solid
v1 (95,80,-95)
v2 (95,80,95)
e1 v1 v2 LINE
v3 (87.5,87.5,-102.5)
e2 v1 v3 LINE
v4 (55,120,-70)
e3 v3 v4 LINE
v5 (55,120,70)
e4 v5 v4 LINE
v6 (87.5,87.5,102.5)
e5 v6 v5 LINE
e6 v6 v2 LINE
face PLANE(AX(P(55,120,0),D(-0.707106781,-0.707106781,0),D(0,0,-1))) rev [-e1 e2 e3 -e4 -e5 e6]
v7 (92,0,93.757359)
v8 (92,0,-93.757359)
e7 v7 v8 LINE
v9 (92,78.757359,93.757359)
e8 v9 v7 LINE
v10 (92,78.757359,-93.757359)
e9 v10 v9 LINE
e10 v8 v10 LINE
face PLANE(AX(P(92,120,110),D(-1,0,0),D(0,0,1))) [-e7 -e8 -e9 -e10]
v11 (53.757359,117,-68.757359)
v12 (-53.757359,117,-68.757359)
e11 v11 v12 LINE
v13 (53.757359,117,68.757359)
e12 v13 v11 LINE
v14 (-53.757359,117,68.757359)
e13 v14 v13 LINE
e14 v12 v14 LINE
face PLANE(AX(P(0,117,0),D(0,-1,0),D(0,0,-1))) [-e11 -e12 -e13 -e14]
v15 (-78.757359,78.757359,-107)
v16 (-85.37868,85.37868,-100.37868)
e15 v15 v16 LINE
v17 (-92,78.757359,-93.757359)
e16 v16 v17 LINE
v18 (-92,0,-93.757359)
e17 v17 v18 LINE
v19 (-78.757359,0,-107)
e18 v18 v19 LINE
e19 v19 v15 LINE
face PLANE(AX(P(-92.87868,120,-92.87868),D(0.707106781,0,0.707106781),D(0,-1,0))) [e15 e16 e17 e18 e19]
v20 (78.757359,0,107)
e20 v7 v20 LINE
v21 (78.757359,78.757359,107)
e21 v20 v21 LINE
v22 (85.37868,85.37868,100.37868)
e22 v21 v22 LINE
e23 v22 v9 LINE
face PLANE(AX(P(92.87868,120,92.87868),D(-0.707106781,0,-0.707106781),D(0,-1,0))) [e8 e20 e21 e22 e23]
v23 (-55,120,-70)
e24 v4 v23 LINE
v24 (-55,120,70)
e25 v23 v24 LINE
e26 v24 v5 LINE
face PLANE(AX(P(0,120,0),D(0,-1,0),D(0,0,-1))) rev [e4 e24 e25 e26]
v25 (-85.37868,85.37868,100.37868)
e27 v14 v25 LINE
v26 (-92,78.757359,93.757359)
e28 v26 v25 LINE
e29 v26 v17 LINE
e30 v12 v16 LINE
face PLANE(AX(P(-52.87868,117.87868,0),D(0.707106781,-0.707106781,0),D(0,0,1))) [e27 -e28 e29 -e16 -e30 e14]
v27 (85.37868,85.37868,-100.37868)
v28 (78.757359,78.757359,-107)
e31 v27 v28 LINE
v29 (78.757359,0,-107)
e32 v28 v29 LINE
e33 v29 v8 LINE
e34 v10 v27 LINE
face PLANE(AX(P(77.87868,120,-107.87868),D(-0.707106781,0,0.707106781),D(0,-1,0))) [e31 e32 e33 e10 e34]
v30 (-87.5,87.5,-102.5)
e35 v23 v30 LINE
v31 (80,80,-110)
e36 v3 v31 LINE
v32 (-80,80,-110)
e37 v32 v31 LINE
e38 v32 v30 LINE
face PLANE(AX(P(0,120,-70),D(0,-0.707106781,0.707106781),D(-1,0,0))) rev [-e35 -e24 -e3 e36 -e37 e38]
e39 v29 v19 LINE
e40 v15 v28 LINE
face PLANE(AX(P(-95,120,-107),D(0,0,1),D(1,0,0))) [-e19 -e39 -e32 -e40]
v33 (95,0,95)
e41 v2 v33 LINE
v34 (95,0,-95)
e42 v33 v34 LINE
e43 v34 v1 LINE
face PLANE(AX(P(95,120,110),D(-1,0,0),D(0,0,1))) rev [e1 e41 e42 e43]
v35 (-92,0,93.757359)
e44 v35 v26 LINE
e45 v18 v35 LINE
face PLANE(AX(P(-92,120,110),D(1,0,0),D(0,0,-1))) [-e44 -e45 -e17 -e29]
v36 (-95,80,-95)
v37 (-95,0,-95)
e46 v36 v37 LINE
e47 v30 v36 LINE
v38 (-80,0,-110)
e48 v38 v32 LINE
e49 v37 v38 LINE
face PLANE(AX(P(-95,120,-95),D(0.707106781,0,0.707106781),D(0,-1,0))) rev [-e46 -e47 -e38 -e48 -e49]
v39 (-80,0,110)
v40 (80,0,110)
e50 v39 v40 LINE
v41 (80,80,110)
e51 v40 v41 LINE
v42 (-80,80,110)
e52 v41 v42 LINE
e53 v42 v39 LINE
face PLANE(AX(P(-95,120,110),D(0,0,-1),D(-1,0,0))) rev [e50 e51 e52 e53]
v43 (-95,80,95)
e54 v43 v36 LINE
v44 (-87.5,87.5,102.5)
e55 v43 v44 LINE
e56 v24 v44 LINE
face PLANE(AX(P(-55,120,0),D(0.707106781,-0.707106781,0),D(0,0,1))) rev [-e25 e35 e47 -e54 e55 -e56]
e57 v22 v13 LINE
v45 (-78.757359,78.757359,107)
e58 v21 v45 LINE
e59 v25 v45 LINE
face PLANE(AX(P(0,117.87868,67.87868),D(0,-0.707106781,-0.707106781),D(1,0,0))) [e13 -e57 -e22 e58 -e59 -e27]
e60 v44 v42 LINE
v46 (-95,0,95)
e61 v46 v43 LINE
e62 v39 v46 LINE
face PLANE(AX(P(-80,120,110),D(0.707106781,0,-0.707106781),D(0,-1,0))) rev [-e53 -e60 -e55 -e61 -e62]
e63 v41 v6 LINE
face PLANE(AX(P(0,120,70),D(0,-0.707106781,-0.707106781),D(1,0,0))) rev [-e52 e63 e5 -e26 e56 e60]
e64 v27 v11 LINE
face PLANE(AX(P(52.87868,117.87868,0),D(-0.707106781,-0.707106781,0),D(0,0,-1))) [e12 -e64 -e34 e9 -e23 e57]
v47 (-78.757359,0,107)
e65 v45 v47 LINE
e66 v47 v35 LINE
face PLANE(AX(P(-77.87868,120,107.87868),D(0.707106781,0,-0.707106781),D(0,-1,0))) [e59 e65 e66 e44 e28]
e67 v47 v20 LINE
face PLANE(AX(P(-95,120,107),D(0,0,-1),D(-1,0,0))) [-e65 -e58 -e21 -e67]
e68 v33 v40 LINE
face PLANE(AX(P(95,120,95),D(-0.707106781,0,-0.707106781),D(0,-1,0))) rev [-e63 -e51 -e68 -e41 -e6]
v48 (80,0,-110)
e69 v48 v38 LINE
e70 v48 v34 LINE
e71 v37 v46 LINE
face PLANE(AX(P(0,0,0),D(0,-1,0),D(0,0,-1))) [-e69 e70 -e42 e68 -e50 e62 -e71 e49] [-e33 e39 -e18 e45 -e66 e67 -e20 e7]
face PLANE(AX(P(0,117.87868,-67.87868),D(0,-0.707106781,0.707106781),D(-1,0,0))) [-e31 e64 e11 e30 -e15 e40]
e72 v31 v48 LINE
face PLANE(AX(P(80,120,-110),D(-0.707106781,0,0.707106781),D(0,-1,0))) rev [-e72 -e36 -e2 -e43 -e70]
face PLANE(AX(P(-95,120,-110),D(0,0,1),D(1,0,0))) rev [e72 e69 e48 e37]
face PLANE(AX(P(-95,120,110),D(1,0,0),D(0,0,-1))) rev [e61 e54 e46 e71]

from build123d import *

# Parameters (mm, degrees)
SKETCH1_W           = 190
SKETCH1_H           = 220
BOSS_EXTRUDE1_DEPTH = 120
CHAMFER1_SIZE       = 40
CHAMFER2_SIZE       = 15
SHELL1_T            = -3


with BuildPart() as part:
    # Sketch1 → Boss-Extrude1 (new body)
    with BuildSketch(Plane(origin=(0, 0, 0), x_dir=(1, 0, 0), z_dir=(0, 1, 0))):
        Rectangle(SKETCH1_W, SKETCH1_H)
    extrude(amount=BOSS_EXTRUDE1_DEPTH)

    # Chamfer1
    chamfer1_edges = [part.edges().sort_by_distance(p)[0] for p in [
        (-95, 120, 0),
        (0, 120, 110),
        (95, 120, 0),
        (0, 120, -110),
    ]]
    chamfer(chamfer1_edges, length=CHAMFER1_SIZE)

    # Chamfer2
    chamfer2_edges = [part.edges().sort_by_distance(p)[0] for p in [
        (95, 40, 110),
        (-95, 40, 110),
        (-95, 40, -110),
        (95, 40, -110),
    ]]
    chamfer(chamfer2_edges, length=CHAMFER2_SIZE)

    # Shell1
    shell1_openings = [part.faces().sort_by_distance(p)[0] for p in [
        (0, 0, 0),
    ]]
    offset(amount=SHELL1_T, openings=shell1_openings, kind=Kind.INTERSECTION)


solid = part.part
